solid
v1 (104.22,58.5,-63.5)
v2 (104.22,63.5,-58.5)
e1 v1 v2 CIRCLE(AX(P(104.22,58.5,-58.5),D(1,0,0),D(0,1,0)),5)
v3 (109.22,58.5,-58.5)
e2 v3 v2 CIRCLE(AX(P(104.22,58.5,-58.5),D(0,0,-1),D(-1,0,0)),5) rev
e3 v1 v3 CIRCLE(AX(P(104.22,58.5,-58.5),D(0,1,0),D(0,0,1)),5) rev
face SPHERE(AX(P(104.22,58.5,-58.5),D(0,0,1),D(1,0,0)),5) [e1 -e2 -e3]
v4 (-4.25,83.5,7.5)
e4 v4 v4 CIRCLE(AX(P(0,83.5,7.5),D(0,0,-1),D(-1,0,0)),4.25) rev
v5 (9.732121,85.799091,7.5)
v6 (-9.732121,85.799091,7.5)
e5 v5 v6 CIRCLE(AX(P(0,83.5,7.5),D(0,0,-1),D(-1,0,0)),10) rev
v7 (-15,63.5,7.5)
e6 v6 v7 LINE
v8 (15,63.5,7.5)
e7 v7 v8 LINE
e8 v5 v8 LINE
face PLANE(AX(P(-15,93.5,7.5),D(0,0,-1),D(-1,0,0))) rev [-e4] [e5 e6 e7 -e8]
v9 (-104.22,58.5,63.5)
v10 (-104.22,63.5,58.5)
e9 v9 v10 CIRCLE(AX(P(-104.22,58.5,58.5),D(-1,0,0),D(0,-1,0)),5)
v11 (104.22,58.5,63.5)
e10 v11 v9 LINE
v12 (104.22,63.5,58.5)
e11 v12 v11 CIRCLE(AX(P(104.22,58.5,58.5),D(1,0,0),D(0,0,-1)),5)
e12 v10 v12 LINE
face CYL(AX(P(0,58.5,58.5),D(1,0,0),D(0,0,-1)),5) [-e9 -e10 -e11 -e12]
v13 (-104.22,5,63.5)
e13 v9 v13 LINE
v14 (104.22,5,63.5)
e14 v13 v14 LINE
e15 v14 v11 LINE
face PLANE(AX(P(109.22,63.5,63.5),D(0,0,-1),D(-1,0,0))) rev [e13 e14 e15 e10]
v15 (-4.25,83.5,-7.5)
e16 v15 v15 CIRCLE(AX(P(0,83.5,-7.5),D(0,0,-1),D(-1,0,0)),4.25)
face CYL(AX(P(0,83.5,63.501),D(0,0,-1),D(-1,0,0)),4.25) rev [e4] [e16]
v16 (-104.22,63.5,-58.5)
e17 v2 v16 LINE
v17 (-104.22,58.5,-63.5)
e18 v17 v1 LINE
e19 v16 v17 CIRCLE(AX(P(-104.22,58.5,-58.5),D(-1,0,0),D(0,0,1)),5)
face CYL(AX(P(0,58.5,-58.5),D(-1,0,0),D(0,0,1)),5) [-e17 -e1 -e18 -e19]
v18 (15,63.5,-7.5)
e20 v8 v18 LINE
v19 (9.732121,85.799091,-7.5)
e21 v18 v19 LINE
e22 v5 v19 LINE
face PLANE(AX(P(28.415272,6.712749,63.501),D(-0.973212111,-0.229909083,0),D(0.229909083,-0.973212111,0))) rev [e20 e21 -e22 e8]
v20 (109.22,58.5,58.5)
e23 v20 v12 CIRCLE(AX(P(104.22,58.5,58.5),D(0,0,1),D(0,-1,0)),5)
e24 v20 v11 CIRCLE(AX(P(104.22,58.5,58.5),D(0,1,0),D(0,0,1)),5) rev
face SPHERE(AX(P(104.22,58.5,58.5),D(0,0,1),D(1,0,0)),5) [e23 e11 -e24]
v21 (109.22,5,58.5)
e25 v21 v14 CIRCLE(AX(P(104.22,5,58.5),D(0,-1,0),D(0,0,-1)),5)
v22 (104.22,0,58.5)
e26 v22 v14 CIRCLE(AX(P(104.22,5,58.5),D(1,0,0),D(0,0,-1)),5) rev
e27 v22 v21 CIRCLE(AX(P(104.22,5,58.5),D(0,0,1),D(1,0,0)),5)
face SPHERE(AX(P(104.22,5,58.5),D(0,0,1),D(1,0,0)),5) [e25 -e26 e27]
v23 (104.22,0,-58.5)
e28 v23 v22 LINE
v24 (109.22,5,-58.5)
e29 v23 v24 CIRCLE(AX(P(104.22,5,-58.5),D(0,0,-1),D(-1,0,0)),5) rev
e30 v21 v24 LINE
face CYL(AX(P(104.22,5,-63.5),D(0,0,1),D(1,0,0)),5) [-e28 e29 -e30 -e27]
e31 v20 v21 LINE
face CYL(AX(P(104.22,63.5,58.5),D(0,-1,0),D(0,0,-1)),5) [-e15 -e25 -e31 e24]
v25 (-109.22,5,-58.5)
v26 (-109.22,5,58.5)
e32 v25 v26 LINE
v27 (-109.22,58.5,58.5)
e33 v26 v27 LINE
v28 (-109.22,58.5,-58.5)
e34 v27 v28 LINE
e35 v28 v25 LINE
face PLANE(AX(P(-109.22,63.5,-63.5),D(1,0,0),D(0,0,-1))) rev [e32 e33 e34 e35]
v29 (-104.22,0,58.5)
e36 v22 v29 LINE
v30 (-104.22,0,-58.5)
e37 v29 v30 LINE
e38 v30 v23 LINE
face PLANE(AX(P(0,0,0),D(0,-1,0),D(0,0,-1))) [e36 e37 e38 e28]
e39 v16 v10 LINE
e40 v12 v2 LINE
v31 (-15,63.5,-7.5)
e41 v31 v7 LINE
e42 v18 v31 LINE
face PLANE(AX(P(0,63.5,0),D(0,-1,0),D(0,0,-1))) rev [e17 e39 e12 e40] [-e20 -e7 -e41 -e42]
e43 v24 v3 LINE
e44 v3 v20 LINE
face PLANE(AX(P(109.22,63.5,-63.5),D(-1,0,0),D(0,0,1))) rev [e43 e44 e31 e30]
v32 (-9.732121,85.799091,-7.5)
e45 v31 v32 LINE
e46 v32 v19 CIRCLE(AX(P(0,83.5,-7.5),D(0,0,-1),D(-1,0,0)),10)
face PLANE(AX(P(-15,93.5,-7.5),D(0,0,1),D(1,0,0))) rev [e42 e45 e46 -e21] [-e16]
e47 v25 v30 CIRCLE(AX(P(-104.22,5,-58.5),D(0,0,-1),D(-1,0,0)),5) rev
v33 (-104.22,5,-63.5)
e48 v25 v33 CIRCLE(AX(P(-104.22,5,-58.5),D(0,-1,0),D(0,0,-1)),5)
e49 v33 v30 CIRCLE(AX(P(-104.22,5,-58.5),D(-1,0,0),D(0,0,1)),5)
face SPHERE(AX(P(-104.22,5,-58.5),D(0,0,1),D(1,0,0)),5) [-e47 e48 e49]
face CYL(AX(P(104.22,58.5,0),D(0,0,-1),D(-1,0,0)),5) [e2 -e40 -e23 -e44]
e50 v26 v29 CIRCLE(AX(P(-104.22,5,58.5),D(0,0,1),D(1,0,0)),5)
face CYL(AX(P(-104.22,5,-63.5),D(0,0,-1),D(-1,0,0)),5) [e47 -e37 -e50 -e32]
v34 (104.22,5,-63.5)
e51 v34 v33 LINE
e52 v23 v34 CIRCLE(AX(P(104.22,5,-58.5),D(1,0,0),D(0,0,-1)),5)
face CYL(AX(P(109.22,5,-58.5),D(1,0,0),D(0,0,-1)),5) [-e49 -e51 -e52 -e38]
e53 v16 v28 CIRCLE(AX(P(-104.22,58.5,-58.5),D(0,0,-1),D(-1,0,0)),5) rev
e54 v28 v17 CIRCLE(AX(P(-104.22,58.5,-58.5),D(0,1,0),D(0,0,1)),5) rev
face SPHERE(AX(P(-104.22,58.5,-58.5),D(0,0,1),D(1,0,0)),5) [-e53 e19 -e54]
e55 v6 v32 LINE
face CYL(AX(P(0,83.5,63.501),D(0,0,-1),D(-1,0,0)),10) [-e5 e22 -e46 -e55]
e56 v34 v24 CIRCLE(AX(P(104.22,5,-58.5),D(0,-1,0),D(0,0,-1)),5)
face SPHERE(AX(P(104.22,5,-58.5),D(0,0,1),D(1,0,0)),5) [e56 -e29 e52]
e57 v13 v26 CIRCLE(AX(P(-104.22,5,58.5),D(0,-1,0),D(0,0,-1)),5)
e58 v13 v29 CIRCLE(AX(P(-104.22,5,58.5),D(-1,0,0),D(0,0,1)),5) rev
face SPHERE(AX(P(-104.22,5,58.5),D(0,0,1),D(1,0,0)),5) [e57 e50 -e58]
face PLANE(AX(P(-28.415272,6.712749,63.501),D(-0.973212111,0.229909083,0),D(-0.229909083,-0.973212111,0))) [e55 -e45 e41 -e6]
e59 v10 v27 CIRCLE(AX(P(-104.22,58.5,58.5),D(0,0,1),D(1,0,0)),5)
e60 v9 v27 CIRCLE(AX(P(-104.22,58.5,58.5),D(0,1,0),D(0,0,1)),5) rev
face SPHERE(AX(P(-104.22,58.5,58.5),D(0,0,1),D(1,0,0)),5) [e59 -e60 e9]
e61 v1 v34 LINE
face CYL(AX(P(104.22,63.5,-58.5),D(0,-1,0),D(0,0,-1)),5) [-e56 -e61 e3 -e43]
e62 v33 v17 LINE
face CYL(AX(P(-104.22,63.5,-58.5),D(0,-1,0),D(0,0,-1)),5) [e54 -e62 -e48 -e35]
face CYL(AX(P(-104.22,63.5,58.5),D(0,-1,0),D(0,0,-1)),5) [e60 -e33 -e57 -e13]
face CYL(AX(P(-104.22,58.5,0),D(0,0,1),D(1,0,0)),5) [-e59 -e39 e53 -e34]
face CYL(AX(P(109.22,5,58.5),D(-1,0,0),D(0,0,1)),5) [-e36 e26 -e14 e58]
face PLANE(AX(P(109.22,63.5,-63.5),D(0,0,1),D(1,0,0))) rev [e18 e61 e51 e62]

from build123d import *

# Parameters (mm, degrees)
SKETCH1_W           = 218.44
SKETCH1_H           = 127
BOSS_EXTRUDE1_DEPTH = 63.5
SKETCH2_W           = 30
SKETCH2_H           = 15
BOSS_EXTRUDE2_DEPTH = 30
CUT_EXTRUDE1_REACH  = 162.35
FILLET1_R           = 5


with BuildPart() as part:
    # Sketch1 → Boss-Extrude1 (new body)
    with BuildSketch(Plane(origin=(0, 0, 0), x_dir=(1, 0, 0), z_dir=(0, 1, 0))):
        Rectangle(SKETCH1_W, SKETCH1_H)
    extrude(amount=BOSS_EXTRUDE1_DEPTH)

    # Sketch2 → Boss-Extrude2 (add)
    with BuildSketch(Plane(origin=(0, 63.5, 0), x_dir=(1, 0, 0), z_dir=(0, 1, 0))):
        Rectangle(SKETCH2_W, SKETCH2_H)
    extrude(amount=BOSS_EXTRUDE2_DEPTH)

    # Sketch3 → Cut-Extrude1 (cut, up to next)
    with BuildSketch(Plane(origin=(0, 0, -7.5), x_dir=(-1, 0, 0), z_dir=(0, 0, -1)), mode=Mode.PRIVATE) as cut_extrude1_sk1:
        with BuildLine():
            ThreePointArc((4.25, 83.5), (3.00520382, 86.50520382), (0, 87.75))
            Line((0, 87.75), (0, 79.25))
            ThreePointArc((0, 79.25), (3.00520382, 80.49479618), (4.25, 83.5))
        make_face()
    cut_extrude1_tool1 = extrude(cut_extrude1_sk1.sketch, amount=-CUT_EXTRUDE1_REACH, mode=Mode.PRIVATE) & part.part
    # Sketch3 → Cut-Extrude1 (cut, up to next)
    with BuildSketch(Plane(origin=(0, 0, -7.5), x_dir=(-1, 0, 0), z_dir=(0, 0, -1)), mode=Mode.PRIVATE) as cut_extrude1_sk2:
        with BuildLine():
            Line((0, 79.25), (0, 87.75))
            ThreePointArc((0, 87.75), (-4.25, 83.5), (0, 79.25))
        make_face()
    cut_extrude1_tool2 = extrude(cut_extrude1_sk2.sketch, amount=-CUT_EXTRUDE1_REACH, mode=Mode.PRIVATE) & part.part
    # Sketch3 → Cut-Extrude1 (cut, up to next)
    with BuildSketch(Plane(origin=(0, 0, -7.5), x_dir=(-1, 0, 0), z_dir=(0, 0, -1)), mode=Mode.PRIVATE) as cut_extrude1_sk3:
        with BuildLine():
            ThreePointArc((4.25, 83.5), (3.00520382, 86.50520382), (0, 87.75))
            Line((0, 87.75), (0, 79.25))
            ThreePointArc((0, 79.25), (3.00520382, 80.49479618), (4.25, 83.5))
        make_face()
    cut_extrude1_tool3 = extrude(cut_extrude1_sk3.sketch, amount=-CUT_EXTRUDE1_REACH, mode=Mode.PRIVATE) & part.part
    # Sketch3 → Cut-Extrude1 (cut, up to next)
    with BuildSketch(Plane(origin=(0, 0, -7.5), x_dir=(-1, 0, 0), z_dir=(0, 0, -1)), mode=Mode.PRIVATE) as cut_extrude1_sk4:
        with BuildLine():
            Line((0, 79.25), (0, 87.75))
            ThreePointArc((0, 87.75), (-4.25, 83.5), (0, 79.25))
        make_face()
    cut_extrude1_tool4 = extrude(cut_extrude1_sk4.sketch, amount=-CUT_EXTRUDE1_REACH, mode=Mode.PRIVATE) & part.part
    # Sketch3 → Cut-Extrude1 (cut, up to next)
    with BuildSketch(Plane(origin=(0, 0, -7.5), x_dir=(-1, 0, 0), z_dir=(0, 0, -1)), mode=Mode.PRIVATE) as cut_extrude1_sk5:
        with BuildLine():
            Line((15, 93.5), (0, 93.5))
            ThreePointArc((0, 93.5), (6.205203126, 91.341903734), (9.732121112, 85.799090834))
            Line((9.732121112, 85.799090834), (15, 63.5))
            Line((15, 63.5), (15, 93.5))
        make_face()
    cut_extrude1_tool5 = extrude(cut_extrude1_sk5.sketch, amount=-CUT_EXTRUDE1_REACH, mode=Mode.PRIVATE) & part.part
    # Sketch3 → Cut-Extrude1 (cut, up to next)
    with BuildSketch(Plane(origin=(0, 0, -7.5), x_dir=(-1, 0, 0), z_dir=(0, 0, -1)), mode=Mode.PRIVATE) as cut_extrude1_sk6:
        with BuildLine():
            ThreePointArc((-9.732121112, 85.799090834), (-6.205203126, 91.341903734), (0, 93.5))
            Line((0, 93.5), (-15, 93.5))
            Line((-15, 93.5), (-15, 63.5))
            Line((-15, 63.5), (-9.732121112, 85.799090834))
        make_face()
    cut_extrude1_tool6 = extrude(cut_extrude1_sk6.sketch, amount=-CUT_EXTRUDE1_REACH, mode=Mode.PRIVATE) & part.part
    add(cut_extrude1_tool1.solids().sort_by_distance((-1.803756, 83.5, -7.5))[0], mode=Mode.SUBTRACT)
    add(cut_extrude1_tool2.solids().sort_by_distance((1.803756, 83.5, -7.5))[0], mode=Mode.SUBTRACT)
    add(cut_extrude1_tool3.solids().sort_by_distance((-1.803756, 83.5, -7.5))[0], mode=Mode.SUBTRACT)
    add(cut_extrude1_tool4.solids().sort_by_distance((1.803756, 83.5, -7.5))[0], mode=Mode.SUBTRACT)
    add(cut_extrude1_tool5.solids().sort_by_distance((-12.015946, 84.357088, -7.5))[0], mode=Mode.SUBTRACT)
    add(cut_extrude1_tool6.solids().sort_by_distance((12.015946, 84.357088, -7.5))[0], mode=Mode.SUBTRACT)

    # Fillet1
    fillet1_edges = [part.edges().sort_by_distance(p)[0] for p in [
        (109.22, 63.5, 0),
        (0, 63.5, -63.5),
        (-109.22, 63.5, 0),
        (0, 0, -63.5),
        (109.22, 0, 0),
        (0, 0, 63.5),
        (-109.22, 0, 0),
        (0, 63.5, 63.5),
        (-109.22, 31.75, -63.5),
        (109.22, 31.75, -63.5),
        (109.22, 31.75, 63.5),
        (-109.22, 31.75, 63.5),
    ]]
    fillet(fillet1_edges, radius=FILLET1_R)


solid = part.part
